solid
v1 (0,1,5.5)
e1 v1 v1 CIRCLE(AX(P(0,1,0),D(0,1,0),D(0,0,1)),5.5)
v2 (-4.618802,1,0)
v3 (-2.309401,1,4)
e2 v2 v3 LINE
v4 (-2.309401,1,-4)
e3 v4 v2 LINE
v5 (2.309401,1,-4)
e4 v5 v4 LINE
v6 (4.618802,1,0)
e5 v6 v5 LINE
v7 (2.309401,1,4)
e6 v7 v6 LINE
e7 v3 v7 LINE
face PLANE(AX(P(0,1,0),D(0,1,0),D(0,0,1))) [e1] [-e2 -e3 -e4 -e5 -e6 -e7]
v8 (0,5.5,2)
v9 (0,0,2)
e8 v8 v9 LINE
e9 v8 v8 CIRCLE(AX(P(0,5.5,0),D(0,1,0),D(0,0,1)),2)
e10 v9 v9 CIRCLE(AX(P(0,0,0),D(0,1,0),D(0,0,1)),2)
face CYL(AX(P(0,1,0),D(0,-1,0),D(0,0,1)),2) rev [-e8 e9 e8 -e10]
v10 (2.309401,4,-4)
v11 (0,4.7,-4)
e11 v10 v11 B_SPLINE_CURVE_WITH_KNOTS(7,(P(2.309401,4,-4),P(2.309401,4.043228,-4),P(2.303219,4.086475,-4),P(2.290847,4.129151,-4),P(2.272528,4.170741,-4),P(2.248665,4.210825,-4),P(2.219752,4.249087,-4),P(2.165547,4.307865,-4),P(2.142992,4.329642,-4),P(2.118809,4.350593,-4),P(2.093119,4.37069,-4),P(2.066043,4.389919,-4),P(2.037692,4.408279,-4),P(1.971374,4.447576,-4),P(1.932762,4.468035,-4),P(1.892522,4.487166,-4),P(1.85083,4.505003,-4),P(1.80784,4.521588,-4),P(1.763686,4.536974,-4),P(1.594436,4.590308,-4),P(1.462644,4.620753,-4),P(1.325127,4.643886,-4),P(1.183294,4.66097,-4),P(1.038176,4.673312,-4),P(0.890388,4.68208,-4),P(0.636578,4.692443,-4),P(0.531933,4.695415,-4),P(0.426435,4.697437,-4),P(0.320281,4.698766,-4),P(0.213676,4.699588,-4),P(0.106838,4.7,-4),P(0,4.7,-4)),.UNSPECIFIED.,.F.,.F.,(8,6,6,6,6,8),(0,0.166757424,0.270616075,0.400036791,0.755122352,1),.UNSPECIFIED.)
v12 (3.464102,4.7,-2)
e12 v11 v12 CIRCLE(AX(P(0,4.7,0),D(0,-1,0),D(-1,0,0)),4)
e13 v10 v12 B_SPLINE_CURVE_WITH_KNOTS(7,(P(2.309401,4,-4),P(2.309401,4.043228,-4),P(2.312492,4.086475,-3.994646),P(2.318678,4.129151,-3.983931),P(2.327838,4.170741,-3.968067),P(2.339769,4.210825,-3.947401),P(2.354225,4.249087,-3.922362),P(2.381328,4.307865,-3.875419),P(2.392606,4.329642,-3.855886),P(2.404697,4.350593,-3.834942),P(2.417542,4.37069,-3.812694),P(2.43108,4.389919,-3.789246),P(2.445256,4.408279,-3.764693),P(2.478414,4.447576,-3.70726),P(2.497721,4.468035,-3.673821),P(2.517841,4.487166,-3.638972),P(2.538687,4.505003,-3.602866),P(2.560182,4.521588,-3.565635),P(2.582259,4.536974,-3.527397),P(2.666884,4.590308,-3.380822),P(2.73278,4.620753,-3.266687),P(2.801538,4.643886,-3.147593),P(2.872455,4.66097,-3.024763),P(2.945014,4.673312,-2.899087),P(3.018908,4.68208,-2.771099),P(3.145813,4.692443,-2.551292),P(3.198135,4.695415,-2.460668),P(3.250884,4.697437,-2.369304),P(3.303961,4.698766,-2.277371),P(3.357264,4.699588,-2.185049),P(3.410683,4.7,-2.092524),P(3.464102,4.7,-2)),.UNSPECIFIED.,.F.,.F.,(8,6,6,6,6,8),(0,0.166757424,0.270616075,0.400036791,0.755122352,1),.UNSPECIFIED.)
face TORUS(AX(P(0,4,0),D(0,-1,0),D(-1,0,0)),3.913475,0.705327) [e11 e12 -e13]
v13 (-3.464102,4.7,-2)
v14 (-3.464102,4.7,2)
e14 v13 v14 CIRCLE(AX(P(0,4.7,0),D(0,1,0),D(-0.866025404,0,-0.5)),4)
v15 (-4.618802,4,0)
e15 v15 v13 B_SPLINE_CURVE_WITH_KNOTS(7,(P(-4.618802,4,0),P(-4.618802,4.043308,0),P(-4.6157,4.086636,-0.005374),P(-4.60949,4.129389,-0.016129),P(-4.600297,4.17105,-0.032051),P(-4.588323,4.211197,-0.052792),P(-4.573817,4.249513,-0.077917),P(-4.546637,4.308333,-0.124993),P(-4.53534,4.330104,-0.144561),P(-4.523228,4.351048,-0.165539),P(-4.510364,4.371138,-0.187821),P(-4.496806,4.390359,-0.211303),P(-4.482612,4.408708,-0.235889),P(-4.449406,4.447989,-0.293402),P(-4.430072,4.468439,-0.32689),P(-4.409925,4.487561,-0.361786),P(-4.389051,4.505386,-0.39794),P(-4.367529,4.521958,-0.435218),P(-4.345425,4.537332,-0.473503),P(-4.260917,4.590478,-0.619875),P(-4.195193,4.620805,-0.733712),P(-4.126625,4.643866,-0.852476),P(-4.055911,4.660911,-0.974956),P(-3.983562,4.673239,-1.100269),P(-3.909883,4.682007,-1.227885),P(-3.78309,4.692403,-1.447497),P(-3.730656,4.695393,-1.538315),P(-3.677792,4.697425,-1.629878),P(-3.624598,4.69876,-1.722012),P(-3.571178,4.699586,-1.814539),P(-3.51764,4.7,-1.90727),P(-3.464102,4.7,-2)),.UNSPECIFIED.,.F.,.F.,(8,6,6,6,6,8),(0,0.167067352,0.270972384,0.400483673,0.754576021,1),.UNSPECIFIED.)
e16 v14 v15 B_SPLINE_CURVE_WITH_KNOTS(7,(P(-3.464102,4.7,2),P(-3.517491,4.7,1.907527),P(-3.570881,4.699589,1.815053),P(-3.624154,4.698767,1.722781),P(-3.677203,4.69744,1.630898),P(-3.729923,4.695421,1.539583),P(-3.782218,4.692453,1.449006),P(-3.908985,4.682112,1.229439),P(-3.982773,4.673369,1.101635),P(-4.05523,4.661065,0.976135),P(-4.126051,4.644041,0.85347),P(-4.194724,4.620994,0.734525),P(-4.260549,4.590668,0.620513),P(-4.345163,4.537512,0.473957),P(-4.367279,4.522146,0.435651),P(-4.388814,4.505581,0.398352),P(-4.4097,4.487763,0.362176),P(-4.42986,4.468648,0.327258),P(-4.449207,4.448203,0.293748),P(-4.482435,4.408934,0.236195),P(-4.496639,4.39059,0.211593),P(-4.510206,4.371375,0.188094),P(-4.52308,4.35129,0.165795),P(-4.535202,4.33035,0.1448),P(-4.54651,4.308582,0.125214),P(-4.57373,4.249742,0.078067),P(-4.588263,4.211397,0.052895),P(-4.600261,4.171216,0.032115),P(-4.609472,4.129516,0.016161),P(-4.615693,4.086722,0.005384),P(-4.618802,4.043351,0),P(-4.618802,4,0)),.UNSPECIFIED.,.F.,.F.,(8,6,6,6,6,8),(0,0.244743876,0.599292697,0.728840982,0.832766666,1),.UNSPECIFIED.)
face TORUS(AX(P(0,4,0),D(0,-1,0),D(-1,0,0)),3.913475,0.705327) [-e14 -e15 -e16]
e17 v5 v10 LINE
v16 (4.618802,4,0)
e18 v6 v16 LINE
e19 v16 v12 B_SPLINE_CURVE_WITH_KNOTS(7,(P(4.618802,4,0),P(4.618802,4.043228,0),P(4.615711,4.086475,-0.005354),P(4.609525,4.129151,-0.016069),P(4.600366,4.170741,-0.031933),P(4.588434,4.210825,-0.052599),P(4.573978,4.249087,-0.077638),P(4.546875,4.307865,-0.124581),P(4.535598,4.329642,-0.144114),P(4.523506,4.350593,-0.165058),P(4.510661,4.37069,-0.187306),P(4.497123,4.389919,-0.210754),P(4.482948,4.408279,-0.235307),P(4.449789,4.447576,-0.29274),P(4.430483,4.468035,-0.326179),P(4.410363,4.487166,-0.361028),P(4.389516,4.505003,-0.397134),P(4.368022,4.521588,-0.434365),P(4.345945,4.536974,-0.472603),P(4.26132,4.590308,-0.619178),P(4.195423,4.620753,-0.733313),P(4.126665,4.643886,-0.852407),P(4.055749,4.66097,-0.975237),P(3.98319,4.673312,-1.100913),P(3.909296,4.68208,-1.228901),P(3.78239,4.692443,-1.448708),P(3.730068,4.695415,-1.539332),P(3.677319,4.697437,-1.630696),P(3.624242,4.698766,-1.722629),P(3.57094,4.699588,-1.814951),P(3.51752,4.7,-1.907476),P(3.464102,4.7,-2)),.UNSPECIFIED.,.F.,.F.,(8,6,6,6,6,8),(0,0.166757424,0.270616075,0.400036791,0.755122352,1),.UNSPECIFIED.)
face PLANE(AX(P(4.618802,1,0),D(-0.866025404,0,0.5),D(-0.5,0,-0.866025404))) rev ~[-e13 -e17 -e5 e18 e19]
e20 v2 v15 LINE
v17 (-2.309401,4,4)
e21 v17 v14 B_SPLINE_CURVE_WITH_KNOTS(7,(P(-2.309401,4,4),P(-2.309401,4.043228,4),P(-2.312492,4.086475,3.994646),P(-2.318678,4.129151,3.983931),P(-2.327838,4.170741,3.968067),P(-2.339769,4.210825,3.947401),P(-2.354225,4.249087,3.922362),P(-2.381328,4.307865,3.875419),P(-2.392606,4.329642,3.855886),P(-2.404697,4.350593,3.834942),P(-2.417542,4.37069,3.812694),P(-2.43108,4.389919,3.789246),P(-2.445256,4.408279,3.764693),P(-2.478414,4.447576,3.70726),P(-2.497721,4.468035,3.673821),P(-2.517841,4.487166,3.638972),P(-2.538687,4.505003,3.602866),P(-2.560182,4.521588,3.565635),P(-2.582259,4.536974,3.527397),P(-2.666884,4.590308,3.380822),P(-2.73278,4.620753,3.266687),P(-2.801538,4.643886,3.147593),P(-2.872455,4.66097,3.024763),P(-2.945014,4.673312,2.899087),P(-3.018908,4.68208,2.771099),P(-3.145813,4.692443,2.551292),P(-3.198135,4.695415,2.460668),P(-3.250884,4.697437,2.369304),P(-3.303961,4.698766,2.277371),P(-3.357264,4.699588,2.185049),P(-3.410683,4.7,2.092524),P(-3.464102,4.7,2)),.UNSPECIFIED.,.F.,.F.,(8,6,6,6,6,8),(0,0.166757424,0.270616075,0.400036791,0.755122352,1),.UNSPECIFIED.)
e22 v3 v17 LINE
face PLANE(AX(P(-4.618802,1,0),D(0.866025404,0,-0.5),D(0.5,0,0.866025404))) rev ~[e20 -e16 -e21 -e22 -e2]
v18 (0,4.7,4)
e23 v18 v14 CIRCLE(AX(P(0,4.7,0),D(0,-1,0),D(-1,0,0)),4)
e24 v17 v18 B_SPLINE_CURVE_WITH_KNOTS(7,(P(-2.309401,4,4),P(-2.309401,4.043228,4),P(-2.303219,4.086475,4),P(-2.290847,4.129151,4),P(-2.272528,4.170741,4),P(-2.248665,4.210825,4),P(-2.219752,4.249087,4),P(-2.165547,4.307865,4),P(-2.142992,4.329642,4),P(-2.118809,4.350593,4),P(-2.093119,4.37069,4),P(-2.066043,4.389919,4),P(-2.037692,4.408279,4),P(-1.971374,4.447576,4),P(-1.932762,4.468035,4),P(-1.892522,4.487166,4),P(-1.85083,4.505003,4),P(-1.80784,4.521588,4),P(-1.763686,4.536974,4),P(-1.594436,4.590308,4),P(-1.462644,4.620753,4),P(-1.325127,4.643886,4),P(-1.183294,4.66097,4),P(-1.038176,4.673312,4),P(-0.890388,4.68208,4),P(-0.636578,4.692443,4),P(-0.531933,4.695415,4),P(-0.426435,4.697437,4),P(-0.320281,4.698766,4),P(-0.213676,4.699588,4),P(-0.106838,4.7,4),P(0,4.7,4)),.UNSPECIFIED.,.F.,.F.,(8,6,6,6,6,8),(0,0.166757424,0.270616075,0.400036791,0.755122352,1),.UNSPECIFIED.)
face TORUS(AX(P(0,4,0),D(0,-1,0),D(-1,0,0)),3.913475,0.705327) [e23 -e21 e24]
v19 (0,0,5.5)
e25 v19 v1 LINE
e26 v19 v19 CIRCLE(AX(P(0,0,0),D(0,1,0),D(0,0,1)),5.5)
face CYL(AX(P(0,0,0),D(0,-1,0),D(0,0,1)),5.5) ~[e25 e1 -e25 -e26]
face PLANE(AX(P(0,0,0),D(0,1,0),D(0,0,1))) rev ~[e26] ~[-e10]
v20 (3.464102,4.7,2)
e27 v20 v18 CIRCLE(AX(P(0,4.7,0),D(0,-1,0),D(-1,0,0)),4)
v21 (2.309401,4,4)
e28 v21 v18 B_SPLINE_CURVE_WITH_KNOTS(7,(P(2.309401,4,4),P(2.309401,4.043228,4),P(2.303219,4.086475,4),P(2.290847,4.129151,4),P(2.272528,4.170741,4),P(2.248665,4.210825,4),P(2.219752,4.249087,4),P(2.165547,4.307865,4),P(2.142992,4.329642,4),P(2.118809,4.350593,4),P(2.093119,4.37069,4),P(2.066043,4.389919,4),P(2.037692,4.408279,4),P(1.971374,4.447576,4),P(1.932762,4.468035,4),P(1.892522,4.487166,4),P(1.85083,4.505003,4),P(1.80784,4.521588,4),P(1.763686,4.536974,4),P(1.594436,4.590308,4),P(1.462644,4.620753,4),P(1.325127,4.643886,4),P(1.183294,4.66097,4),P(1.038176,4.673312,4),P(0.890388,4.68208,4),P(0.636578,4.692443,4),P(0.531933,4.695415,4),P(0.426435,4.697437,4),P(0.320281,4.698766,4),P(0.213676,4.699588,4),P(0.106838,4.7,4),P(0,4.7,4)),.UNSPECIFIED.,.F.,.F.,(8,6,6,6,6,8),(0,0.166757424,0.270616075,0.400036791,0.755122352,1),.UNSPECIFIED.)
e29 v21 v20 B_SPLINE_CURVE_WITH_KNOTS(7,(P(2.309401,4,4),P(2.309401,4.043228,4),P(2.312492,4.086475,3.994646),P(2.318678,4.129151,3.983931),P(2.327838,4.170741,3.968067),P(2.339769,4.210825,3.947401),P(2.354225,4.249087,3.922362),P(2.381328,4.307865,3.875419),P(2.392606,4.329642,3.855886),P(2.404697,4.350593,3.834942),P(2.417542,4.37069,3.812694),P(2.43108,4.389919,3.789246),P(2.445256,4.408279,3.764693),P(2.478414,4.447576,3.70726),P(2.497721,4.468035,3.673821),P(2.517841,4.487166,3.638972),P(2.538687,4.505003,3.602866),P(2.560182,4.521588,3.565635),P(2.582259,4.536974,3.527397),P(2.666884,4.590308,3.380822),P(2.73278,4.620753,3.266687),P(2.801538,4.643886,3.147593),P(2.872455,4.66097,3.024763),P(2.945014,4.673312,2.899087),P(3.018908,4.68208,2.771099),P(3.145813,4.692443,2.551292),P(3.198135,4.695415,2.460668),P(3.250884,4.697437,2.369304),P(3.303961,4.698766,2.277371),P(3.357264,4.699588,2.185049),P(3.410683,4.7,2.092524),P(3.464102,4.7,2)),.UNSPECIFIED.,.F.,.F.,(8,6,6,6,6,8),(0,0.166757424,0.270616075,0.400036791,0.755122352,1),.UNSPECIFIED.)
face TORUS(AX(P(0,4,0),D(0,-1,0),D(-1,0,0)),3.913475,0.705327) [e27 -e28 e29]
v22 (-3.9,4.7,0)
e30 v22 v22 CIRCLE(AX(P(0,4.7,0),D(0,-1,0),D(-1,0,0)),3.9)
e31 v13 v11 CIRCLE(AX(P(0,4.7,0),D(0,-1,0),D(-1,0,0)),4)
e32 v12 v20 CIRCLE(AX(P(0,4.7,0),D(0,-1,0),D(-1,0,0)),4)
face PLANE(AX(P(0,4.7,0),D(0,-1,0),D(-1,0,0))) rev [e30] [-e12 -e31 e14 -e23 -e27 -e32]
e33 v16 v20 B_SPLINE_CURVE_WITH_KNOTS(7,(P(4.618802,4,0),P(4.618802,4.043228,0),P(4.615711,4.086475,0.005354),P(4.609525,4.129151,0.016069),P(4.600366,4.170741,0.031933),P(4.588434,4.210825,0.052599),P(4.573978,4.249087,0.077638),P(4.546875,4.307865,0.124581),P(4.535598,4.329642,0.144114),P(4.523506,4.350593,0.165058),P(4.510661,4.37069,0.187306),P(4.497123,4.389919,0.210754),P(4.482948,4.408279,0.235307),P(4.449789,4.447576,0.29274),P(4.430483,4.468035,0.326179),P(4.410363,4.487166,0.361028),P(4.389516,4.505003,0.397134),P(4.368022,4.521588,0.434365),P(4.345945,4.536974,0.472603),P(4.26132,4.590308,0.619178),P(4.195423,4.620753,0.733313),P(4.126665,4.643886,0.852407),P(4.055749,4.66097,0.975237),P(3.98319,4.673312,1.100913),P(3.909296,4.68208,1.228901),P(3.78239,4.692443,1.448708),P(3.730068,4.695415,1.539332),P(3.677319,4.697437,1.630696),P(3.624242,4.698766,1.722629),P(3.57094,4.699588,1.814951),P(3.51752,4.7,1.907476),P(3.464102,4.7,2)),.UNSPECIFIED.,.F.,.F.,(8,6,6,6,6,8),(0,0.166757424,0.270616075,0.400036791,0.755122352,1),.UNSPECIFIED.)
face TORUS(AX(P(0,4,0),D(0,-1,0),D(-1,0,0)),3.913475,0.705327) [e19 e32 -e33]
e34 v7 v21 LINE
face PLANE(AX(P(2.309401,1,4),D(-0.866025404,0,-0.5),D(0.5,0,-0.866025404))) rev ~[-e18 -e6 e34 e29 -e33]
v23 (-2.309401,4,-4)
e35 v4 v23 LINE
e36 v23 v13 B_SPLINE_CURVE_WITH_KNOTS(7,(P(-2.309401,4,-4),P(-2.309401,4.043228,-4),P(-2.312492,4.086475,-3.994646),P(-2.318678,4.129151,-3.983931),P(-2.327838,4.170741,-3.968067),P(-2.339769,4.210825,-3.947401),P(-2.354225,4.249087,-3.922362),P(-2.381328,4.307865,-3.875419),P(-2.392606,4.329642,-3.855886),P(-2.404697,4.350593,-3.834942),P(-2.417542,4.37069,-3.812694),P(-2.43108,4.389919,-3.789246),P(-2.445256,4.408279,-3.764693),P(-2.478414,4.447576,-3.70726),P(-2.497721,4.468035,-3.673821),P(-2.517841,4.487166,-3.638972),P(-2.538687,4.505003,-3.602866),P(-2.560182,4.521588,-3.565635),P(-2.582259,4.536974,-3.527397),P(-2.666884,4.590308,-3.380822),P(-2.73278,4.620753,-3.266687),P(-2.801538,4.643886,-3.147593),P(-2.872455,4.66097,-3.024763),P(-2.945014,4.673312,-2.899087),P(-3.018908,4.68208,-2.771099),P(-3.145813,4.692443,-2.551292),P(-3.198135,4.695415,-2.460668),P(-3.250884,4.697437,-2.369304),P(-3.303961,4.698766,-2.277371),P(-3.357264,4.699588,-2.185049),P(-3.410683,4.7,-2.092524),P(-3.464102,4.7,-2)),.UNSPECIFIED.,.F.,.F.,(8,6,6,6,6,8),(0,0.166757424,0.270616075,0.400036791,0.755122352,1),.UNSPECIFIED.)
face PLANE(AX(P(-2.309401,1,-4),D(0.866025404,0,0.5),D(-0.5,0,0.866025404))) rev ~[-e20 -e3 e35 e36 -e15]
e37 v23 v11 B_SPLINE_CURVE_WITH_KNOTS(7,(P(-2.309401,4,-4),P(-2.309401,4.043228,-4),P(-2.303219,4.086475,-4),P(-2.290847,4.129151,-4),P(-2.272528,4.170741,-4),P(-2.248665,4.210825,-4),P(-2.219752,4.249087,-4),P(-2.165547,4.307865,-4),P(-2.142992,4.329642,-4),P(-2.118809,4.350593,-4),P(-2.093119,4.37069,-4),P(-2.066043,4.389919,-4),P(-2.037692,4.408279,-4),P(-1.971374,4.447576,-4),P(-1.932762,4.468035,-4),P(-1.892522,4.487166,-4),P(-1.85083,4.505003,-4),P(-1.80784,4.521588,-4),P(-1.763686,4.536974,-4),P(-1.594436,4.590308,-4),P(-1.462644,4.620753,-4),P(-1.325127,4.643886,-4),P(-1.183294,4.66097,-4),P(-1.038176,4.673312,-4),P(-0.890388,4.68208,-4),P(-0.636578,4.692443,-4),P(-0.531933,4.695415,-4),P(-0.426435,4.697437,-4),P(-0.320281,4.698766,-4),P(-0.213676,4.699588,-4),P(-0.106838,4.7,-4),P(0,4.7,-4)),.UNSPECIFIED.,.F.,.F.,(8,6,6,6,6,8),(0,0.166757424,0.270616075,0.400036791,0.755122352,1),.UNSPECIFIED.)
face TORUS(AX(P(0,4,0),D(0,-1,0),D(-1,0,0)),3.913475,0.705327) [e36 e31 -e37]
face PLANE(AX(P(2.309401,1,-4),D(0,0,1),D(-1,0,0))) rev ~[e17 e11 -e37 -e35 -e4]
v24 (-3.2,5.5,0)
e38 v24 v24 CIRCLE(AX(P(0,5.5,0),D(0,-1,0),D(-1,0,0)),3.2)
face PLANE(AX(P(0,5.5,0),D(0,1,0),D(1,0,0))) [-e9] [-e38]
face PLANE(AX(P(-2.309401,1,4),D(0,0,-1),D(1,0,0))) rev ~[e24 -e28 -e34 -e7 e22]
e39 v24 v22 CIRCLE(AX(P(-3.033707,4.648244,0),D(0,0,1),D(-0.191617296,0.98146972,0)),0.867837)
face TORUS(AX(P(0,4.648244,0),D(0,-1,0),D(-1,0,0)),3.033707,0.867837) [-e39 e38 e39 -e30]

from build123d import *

# Parameters (mm, degrees)
SKETCH_1_R      = 5.5
SKETCH_1_R_2    = 2
EXTRUDE_1_DEPTH = 1
SKETCH_2_R      = 2
EXTRUDE_2_DEPTH = 4.5


with BuildPart() as part:
    # 草图1 → 凸台-拉伸1 (new body)
    with BuildSketch(Plane(origin=(0, 0, 0), x_dir=(1, 0, 0), z_dir=(0, 1, 0))):
        with Locations(Location((0, 0, 0), (0, 0, 270))):
            Circle(SKETCH_1_R)
        with Locations(Location((0, 0, 0), (0, 0, 270))):
            Circle(SKETCH_1_R_2, mode=Mode.SUBTRACT)
    extrude(amount=EXTRUDE_1_DEPTH)

    # 草图2 → 凸台-拉伸2 (add)
    with BuildSketch(Plane(origin=(0, 1, 0), x_dir=(1, 0, 0), z_dir=(0, 1, 0))):
        Polygon((4.618802154, 0), (2.309401077, 4), (-2.309401077, 4), (-4.618802154, 0), (-2.309401077, -4), (2.309401077, -4), align=None)
        with Locations(Location((0, 0, 0), (0, 0, 270))):
            Circle(SKETCH_2_R, mode=Mode.SUBTRACT)
    extrude(amount=EXTRUDE_2_DEPTH)

    # 草图3 → 切除-旋转1 (revolve, cut)
    with BuildSketch(Plane.XY):
        with BuildLine():
            ThreePointArc((-3.2, 5.5), (-3.686821507, 5.219718819), (-3.9, 4.7))
            Line((-3.9, 4.7), (-4, 4.7))
            ThreePointArc((-4, 4.7), (-4.441923124, 4.467149897), (-4.618802154, 4))
            Line((-4.618802154, 4), (-4.618802154, 5.5))
            Line((-4.618802154, 5.5), (-3.2, 5.5))
        make_face()
    revolve(axis=Axis((0, 5.5, 0), (0, -1, 0)), mode=Mode.SUBTRACT)


solid = part.part
